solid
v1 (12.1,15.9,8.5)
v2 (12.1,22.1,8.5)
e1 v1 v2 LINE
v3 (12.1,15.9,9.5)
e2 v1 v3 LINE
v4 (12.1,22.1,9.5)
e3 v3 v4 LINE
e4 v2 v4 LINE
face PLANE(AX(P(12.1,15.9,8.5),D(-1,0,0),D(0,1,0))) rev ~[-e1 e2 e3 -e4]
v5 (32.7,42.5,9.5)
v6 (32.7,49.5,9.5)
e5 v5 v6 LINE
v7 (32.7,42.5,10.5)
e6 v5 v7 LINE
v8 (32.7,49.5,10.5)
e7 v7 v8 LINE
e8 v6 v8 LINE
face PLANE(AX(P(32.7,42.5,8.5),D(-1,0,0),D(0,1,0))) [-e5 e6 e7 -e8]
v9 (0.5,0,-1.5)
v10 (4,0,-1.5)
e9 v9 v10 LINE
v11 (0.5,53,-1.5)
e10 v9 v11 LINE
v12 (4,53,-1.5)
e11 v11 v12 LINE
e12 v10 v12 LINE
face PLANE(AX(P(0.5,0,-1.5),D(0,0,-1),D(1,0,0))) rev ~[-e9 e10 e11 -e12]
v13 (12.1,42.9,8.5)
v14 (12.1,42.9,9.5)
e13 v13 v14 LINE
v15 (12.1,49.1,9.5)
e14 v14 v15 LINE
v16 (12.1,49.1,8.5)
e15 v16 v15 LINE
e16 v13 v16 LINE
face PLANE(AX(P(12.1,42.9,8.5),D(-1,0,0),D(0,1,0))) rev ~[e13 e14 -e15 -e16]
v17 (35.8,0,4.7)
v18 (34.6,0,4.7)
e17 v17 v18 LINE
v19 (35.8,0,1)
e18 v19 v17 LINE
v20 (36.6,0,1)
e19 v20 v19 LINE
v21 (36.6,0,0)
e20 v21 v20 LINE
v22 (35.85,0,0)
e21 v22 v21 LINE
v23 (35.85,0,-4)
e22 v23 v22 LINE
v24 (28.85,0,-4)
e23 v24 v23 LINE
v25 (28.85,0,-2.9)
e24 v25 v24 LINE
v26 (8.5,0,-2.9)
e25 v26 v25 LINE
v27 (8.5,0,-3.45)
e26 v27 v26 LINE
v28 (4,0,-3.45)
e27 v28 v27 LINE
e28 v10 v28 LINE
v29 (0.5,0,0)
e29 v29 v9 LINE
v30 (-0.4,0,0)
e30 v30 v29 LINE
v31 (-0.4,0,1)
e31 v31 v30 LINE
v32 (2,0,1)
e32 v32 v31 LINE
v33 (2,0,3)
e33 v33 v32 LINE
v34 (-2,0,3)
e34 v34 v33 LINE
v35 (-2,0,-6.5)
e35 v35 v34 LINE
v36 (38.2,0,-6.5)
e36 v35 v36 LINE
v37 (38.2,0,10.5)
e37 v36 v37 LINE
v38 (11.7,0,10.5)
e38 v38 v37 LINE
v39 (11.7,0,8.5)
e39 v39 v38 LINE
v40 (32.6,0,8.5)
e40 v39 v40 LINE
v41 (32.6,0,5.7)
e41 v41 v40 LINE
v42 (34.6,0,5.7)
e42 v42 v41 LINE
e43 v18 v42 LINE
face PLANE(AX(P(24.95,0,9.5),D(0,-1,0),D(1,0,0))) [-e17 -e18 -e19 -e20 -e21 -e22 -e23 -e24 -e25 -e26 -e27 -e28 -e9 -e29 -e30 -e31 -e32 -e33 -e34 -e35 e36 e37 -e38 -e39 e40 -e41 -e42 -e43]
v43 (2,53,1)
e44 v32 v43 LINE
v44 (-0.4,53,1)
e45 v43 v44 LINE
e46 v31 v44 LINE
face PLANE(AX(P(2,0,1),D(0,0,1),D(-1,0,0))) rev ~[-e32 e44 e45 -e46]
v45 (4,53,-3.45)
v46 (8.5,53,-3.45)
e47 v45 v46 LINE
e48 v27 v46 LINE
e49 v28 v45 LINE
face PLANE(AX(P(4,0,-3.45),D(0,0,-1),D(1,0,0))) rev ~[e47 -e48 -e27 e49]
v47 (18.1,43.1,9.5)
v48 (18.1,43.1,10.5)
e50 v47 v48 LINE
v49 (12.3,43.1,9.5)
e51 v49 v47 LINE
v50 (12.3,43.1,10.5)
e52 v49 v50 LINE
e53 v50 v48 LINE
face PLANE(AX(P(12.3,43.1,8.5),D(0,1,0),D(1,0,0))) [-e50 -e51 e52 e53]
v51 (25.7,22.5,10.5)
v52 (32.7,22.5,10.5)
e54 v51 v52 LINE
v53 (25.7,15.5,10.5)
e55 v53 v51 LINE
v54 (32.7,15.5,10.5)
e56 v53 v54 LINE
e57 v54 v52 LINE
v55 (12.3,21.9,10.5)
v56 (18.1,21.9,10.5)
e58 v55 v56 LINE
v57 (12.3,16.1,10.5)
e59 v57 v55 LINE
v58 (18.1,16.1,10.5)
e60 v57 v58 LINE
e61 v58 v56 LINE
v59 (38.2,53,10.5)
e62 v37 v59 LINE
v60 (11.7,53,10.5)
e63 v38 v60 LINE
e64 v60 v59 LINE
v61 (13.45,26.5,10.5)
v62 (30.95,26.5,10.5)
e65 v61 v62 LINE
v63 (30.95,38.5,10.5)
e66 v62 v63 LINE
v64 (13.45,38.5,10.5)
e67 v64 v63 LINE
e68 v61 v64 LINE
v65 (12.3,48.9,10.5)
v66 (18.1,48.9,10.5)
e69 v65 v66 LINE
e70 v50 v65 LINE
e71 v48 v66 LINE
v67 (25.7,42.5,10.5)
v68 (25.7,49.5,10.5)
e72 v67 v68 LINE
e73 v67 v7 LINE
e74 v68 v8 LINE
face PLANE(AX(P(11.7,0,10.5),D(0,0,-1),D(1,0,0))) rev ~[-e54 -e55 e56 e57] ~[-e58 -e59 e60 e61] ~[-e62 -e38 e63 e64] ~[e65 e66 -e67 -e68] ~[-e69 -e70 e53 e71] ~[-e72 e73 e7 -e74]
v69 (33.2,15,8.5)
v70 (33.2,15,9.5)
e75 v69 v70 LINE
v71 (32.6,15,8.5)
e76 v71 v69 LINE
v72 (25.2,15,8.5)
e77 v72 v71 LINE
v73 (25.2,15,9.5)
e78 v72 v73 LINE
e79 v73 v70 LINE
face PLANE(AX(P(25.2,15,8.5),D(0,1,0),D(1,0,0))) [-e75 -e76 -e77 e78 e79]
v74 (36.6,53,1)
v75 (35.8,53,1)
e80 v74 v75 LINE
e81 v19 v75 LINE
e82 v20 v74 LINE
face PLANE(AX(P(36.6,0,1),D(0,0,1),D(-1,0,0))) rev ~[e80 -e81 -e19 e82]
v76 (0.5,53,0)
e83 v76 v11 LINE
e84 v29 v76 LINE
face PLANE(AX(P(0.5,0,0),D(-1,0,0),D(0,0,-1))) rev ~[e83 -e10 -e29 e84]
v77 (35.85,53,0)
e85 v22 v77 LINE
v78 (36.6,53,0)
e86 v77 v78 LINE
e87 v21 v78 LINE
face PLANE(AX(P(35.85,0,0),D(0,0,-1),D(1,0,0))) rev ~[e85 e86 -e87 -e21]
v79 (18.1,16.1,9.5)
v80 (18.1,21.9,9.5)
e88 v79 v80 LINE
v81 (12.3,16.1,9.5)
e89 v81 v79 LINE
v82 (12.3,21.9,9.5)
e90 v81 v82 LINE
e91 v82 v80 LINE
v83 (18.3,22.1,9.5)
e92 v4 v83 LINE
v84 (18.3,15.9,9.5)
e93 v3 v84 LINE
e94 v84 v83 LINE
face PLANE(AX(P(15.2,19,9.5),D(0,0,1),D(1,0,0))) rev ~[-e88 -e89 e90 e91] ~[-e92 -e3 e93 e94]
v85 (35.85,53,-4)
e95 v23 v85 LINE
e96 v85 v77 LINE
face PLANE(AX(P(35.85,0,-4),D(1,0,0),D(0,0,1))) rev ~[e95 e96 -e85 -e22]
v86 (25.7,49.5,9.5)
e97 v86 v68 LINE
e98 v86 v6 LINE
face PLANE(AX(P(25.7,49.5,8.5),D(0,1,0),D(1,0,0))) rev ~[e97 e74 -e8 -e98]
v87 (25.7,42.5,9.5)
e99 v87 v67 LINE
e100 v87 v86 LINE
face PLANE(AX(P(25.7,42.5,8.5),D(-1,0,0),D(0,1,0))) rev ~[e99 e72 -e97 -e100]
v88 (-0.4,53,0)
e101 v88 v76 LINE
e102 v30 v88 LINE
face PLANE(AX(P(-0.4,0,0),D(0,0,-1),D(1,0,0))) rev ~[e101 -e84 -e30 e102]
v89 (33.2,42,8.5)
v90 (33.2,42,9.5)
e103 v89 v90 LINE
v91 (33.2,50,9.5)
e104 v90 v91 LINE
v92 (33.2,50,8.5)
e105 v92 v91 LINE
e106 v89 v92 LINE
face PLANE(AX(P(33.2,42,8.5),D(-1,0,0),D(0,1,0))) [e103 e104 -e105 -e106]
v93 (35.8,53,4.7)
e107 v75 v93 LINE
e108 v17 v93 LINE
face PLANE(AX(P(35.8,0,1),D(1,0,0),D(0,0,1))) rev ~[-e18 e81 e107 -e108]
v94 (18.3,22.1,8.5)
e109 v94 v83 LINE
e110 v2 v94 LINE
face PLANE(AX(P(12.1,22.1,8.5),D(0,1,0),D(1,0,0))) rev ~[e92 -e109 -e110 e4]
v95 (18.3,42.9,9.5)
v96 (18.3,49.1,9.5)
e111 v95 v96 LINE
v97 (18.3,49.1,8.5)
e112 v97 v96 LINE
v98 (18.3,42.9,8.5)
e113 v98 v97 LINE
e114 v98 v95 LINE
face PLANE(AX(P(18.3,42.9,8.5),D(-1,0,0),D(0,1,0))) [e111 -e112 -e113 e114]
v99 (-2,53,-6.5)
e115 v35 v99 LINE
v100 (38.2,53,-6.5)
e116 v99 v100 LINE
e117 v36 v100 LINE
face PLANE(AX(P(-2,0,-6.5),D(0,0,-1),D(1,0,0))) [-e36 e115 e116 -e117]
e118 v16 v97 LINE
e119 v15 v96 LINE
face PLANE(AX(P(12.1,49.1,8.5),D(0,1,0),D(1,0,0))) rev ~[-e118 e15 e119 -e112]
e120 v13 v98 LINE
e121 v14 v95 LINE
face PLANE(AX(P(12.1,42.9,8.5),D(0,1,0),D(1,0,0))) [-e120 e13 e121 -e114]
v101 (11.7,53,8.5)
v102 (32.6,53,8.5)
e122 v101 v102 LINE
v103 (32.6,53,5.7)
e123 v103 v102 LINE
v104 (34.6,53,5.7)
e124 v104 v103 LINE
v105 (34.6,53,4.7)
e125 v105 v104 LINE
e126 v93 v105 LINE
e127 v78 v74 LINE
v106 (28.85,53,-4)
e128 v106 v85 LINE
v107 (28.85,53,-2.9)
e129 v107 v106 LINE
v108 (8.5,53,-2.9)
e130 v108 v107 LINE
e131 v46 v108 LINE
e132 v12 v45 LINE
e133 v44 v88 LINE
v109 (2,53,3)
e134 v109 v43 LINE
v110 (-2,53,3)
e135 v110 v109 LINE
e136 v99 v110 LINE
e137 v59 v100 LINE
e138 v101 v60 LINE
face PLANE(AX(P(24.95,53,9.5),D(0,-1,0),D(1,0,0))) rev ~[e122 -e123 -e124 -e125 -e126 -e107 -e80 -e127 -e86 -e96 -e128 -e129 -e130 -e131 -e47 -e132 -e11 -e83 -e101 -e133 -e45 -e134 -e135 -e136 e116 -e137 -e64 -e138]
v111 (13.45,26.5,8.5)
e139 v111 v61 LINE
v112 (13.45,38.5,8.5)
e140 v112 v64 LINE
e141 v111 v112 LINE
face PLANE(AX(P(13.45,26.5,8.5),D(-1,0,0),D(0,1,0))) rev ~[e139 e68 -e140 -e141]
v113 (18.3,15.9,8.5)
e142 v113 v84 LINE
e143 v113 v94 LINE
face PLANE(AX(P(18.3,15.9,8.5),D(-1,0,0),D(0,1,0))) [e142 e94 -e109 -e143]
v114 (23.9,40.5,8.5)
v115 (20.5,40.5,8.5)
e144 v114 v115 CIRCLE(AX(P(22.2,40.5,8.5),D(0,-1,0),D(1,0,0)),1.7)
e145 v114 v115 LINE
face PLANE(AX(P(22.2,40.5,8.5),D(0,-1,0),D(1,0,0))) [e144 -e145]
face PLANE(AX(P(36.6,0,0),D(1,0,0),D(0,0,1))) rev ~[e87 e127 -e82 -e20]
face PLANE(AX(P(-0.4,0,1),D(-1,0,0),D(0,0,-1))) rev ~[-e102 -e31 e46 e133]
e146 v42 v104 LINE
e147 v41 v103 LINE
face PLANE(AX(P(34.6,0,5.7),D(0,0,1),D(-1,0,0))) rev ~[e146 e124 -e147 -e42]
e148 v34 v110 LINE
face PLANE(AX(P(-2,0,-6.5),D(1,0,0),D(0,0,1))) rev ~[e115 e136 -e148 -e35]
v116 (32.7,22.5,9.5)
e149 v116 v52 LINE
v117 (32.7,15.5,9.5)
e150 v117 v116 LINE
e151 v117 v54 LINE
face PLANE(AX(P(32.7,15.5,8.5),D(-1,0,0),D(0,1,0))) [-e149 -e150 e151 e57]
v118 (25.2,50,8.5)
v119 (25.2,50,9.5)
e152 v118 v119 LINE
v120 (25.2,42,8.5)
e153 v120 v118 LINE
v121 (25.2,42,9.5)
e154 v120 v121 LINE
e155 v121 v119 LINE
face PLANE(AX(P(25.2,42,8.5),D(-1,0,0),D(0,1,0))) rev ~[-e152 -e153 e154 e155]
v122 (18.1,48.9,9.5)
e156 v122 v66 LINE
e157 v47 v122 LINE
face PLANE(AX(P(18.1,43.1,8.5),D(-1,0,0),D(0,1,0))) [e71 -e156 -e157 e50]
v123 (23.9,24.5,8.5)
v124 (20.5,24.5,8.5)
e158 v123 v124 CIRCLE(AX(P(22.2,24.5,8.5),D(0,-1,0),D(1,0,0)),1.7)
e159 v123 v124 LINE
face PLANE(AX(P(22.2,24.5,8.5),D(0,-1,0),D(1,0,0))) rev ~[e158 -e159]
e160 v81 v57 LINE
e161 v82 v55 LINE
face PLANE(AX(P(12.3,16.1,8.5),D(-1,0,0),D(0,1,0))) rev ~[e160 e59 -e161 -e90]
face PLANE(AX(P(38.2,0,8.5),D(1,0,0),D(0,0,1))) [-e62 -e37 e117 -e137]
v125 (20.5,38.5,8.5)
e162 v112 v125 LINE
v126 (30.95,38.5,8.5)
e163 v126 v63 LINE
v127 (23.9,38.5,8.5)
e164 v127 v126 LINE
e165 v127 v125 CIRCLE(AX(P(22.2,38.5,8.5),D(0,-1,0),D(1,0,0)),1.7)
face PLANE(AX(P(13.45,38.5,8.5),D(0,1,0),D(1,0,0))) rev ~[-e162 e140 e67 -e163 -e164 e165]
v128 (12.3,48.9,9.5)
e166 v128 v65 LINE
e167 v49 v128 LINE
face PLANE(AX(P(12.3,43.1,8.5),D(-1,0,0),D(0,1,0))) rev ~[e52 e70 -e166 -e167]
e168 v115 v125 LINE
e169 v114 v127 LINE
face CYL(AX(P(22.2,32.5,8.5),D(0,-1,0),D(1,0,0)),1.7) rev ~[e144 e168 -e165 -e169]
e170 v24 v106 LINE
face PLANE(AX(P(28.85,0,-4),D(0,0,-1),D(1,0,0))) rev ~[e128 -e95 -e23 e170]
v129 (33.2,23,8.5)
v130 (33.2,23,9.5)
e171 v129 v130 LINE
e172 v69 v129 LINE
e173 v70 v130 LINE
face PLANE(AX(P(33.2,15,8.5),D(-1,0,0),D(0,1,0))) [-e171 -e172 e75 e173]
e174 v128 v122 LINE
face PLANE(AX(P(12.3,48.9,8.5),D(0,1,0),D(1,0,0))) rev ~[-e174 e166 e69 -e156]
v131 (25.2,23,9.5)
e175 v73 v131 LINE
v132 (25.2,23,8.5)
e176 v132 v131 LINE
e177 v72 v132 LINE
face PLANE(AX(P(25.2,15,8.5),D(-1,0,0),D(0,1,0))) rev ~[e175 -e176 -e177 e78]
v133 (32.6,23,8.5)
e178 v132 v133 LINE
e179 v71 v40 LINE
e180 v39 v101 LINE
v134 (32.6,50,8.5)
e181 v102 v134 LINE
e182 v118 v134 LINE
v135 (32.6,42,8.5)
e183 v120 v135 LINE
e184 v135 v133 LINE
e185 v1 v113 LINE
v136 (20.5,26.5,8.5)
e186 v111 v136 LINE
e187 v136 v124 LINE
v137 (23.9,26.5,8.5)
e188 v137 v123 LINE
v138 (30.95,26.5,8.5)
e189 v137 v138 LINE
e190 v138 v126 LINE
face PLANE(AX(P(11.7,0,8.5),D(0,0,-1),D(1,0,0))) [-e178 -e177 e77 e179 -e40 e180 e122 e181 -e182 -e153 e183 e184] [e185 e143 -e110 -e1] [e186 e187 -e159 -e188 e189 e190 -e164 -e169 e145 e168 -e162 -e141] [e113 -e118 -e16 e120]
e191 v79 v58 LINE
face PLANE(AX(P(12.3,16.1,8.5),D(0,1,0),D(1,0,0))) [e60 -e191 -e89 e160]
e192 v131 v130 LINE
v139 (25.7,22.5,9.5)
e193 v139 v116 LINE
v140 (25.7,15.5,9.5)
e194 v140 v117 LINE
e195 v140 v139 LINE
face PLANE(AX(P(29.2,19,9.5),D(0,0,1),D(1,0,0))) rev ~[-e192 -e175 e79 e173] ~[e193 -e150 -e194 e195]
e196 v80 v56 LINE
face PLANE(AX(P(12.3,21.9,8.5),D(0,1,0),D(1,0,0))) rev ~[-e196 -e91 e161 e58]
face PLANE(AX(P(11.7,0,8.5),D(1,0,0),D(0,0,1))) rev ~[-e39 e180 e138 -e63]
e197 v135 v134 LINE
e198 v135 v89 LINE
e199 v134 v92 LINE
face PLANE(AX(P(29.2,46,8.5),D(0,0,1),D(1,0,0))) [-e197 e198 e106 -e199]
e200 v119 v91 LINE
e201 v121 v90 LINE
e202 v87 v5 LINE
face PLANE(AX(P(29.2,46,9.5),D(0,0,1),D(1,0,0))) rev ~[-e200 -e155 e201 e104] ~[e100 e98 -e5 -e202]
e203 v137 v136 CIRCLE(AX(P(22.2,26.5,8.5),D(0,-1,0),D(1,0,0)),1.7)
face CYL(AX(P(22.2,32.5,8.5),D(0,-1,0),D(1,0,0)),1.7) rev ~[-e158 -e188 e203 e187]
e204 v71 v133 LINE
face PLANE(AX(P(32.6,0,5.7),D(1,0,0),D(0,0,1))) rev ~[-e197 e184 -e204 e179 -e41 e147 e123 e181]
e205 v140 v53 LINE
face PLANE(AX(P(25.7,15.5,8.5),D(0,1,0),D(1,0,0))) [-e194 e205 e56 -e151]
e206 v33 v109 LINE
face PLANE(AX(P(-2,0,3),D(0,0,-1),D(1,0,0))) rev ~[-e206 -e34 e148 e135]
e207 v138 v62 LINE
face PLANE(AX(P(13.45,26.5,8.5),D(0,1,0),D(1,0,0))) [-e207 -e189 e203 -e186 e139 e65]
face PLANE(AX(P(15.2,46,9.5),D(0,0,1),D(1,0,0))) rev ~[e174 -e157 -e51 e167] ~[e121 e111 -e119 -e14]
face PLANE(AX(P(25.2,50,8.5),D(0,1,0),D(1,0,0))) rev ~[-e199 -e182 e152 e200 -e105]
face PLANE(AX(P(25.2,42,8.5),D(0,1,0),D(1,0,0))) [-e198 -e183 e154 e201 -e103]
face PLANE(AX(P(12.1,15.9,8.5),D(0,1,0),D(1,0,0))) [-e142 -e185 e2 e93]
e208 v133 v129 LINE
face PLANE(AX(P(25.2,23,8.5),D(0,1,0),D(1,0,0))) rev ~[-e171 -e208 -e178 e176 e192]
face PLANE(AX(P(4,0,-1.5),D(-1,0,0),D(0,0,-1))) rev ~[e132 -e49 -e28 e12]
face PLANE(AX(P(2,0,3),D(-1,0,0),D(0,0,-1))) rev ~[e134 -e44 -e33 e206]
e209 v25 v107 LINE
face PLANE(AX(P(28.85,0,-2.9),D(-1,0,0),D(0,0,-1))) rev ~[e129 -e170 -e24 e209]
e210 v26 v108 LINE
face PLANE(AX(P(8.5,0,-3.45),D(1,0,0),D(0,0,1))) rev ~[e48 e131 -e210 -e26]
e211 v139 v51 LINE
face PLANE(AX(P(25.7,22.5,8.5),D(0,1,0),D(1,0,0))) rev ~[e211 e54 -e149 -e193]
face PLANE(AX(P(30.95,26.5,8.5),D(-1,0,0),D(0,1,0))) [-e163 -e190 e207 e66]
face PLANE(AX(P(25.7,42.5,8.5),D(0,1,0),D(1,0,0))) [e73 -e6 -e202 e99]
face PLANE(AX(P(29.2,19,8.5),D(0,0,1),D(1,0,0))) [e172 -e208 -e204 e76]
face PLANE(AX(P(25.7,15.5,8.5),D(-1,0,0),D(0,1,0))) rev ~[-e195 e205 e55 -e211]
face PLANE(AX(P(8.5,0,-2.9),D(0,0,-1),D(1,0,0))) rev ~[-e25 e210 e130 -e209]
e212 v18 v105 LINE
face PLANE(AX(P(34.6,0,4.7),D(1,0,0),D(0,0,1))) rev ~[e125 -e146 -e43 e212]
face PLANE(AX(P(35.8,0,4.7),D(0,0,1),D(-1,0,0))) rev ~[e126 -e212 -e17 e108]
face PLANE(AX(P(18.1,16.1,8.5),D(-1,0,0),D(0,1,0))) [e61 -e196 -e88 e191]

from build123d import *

# Parameters (mm, degrees)
SKETCH_W        = 40.2
SKETCH_H        = 15
PAD_DEPTH       = 53
POCKET_DEPTH    = 53
SKETCH022_W     = 26.5
SKETCH022_H     = 2
PAD015_DEPTH    = 53
SKETCH023_W     = 5.8
SKETCH023_H     = 5.8
SKETCH023_W_2   = 7
SKETCH023_H_2   = 7
POCKET007_DEPTH = 2.001
SKETCH024_W     = 6.2
SKETCH024_H     = 6.2
SKETCH024_W_2   = 8
SKETCH024_H_2   = 8
POCKET008_DEPTH = 1
SKETCH025_W     = 17.5
SKETCH025_H     = 12
POCKET009_DEPTH = 2.001
SKETCH026_R     = 1.7
POCKET010_DEPTH = 8


with BuildPart() as part:
    # Sketch → Pad (new body)
    with BuildSketch(Plane.XZ):
        with Locations((18.1, 1)):
            Rectangle(SKETCH_W, SKETCH_H)
    extrude(amount=-PAD_DEPTH)

    # Sketch001 → Pocket (cut)
    with BuildSketch(Plane.XZ):
        Polygon((-2, 11), (-2, 3), (2, 3), (2, 1), (-0.4, 1), (-0.4, 0), (0.5, 0), (0.5, -1.5), (4, -1.5), (4, -3.45), (8.5, -3.45), (8.5, -2.9), (28.85, -2.9), (28.85, -4), (35.85, -4), (35.85, 0), (36.6, 0), (36.6, 1), (35.8, 1), (35.8, 4.7), (34.6, 4.7), (34.6, 5.7), (32.6, 5.7), (32.6, 11), align=None)
    extrude(amount=-POCKET_DEPTH, mode=Mode.SUBTRACT)

    # Sketch022 → Pad015 (join)
    with BuildSketch(Plane.XZ):
        with Locations((24.95, 9.5)):
            Rectangle(SKETCH022_W, SKETCH022_H)
    extrude(amount=-PAD015_DEPTH)

    # Sketch023 → Pocket007 (cut, through all)
    with BuildSketch(Plane.XY.offset(8.5)):
        with Locations((15.2, 19)):
            Rectangle(SKETCH023_W, SKETCH023_H)
        with Locations((29.2, 19)):
            Rectangle(SKETCH023_W_2, SKETCH023_H_2)
        with Locations((15.2, 46)):
            Rectangle(SKETCH023_W, SKETCH023_H)
        with Locations((29.2, 46)):
            Rectangle(SKETCH023_W_2, SKETCH023_H_2)
    extrude(amount=POCKET007_DEPTH, mode=Mode.SUBTRACT)

    # Sketch024 → Pocket008 (cut)
    with BuildSketch(Plane.XY.offset(8.5)):
        with Locations((15.2, 19)):
            Rectangle(SKETCH024_W, SKETCH024_H)
        with Locations((29.2, 19)):
            Rectangle(SKETCH024_W_2, SKETCH024_H_2)
        with Locations((15.2, 46)):
            Rectangle(SKETCH024_W, SKETCH024_H)
        with Locations((29.2, 46)):
            Rectangle(SKETCH024_W_2, SKETCH024_H_2)
    extrude(amount=POCKET008_DEPTH, mode=Mode.SUBTRACT)

    # Sketch025 → Pocket009 (cut, through all)
    with BuildSketch(Plane.XY.offset(8.5)):
        with Locations((22.2, 32.5)):
            Rectangle(SKETCH025_W, SKETCH025_H)
    extrude(amount=POCKET009_DEPTH, mode=Mode.SUBTRACT)

    # Sketch026 → Pocket010 (cut, symmetric)
    with BuildSketch(Plane(origin=(0, 32.5, 8.5), x_dir=(1, 0, 0), z_dir=(0, -1, 0))):
        with Locations((22.2, 0)):
            Circle(SKETCH026_R)
    extrude(amount=POCKET010_DEPTH, both=True, mode=Mode.SUBTRACT)


solid = part.part
